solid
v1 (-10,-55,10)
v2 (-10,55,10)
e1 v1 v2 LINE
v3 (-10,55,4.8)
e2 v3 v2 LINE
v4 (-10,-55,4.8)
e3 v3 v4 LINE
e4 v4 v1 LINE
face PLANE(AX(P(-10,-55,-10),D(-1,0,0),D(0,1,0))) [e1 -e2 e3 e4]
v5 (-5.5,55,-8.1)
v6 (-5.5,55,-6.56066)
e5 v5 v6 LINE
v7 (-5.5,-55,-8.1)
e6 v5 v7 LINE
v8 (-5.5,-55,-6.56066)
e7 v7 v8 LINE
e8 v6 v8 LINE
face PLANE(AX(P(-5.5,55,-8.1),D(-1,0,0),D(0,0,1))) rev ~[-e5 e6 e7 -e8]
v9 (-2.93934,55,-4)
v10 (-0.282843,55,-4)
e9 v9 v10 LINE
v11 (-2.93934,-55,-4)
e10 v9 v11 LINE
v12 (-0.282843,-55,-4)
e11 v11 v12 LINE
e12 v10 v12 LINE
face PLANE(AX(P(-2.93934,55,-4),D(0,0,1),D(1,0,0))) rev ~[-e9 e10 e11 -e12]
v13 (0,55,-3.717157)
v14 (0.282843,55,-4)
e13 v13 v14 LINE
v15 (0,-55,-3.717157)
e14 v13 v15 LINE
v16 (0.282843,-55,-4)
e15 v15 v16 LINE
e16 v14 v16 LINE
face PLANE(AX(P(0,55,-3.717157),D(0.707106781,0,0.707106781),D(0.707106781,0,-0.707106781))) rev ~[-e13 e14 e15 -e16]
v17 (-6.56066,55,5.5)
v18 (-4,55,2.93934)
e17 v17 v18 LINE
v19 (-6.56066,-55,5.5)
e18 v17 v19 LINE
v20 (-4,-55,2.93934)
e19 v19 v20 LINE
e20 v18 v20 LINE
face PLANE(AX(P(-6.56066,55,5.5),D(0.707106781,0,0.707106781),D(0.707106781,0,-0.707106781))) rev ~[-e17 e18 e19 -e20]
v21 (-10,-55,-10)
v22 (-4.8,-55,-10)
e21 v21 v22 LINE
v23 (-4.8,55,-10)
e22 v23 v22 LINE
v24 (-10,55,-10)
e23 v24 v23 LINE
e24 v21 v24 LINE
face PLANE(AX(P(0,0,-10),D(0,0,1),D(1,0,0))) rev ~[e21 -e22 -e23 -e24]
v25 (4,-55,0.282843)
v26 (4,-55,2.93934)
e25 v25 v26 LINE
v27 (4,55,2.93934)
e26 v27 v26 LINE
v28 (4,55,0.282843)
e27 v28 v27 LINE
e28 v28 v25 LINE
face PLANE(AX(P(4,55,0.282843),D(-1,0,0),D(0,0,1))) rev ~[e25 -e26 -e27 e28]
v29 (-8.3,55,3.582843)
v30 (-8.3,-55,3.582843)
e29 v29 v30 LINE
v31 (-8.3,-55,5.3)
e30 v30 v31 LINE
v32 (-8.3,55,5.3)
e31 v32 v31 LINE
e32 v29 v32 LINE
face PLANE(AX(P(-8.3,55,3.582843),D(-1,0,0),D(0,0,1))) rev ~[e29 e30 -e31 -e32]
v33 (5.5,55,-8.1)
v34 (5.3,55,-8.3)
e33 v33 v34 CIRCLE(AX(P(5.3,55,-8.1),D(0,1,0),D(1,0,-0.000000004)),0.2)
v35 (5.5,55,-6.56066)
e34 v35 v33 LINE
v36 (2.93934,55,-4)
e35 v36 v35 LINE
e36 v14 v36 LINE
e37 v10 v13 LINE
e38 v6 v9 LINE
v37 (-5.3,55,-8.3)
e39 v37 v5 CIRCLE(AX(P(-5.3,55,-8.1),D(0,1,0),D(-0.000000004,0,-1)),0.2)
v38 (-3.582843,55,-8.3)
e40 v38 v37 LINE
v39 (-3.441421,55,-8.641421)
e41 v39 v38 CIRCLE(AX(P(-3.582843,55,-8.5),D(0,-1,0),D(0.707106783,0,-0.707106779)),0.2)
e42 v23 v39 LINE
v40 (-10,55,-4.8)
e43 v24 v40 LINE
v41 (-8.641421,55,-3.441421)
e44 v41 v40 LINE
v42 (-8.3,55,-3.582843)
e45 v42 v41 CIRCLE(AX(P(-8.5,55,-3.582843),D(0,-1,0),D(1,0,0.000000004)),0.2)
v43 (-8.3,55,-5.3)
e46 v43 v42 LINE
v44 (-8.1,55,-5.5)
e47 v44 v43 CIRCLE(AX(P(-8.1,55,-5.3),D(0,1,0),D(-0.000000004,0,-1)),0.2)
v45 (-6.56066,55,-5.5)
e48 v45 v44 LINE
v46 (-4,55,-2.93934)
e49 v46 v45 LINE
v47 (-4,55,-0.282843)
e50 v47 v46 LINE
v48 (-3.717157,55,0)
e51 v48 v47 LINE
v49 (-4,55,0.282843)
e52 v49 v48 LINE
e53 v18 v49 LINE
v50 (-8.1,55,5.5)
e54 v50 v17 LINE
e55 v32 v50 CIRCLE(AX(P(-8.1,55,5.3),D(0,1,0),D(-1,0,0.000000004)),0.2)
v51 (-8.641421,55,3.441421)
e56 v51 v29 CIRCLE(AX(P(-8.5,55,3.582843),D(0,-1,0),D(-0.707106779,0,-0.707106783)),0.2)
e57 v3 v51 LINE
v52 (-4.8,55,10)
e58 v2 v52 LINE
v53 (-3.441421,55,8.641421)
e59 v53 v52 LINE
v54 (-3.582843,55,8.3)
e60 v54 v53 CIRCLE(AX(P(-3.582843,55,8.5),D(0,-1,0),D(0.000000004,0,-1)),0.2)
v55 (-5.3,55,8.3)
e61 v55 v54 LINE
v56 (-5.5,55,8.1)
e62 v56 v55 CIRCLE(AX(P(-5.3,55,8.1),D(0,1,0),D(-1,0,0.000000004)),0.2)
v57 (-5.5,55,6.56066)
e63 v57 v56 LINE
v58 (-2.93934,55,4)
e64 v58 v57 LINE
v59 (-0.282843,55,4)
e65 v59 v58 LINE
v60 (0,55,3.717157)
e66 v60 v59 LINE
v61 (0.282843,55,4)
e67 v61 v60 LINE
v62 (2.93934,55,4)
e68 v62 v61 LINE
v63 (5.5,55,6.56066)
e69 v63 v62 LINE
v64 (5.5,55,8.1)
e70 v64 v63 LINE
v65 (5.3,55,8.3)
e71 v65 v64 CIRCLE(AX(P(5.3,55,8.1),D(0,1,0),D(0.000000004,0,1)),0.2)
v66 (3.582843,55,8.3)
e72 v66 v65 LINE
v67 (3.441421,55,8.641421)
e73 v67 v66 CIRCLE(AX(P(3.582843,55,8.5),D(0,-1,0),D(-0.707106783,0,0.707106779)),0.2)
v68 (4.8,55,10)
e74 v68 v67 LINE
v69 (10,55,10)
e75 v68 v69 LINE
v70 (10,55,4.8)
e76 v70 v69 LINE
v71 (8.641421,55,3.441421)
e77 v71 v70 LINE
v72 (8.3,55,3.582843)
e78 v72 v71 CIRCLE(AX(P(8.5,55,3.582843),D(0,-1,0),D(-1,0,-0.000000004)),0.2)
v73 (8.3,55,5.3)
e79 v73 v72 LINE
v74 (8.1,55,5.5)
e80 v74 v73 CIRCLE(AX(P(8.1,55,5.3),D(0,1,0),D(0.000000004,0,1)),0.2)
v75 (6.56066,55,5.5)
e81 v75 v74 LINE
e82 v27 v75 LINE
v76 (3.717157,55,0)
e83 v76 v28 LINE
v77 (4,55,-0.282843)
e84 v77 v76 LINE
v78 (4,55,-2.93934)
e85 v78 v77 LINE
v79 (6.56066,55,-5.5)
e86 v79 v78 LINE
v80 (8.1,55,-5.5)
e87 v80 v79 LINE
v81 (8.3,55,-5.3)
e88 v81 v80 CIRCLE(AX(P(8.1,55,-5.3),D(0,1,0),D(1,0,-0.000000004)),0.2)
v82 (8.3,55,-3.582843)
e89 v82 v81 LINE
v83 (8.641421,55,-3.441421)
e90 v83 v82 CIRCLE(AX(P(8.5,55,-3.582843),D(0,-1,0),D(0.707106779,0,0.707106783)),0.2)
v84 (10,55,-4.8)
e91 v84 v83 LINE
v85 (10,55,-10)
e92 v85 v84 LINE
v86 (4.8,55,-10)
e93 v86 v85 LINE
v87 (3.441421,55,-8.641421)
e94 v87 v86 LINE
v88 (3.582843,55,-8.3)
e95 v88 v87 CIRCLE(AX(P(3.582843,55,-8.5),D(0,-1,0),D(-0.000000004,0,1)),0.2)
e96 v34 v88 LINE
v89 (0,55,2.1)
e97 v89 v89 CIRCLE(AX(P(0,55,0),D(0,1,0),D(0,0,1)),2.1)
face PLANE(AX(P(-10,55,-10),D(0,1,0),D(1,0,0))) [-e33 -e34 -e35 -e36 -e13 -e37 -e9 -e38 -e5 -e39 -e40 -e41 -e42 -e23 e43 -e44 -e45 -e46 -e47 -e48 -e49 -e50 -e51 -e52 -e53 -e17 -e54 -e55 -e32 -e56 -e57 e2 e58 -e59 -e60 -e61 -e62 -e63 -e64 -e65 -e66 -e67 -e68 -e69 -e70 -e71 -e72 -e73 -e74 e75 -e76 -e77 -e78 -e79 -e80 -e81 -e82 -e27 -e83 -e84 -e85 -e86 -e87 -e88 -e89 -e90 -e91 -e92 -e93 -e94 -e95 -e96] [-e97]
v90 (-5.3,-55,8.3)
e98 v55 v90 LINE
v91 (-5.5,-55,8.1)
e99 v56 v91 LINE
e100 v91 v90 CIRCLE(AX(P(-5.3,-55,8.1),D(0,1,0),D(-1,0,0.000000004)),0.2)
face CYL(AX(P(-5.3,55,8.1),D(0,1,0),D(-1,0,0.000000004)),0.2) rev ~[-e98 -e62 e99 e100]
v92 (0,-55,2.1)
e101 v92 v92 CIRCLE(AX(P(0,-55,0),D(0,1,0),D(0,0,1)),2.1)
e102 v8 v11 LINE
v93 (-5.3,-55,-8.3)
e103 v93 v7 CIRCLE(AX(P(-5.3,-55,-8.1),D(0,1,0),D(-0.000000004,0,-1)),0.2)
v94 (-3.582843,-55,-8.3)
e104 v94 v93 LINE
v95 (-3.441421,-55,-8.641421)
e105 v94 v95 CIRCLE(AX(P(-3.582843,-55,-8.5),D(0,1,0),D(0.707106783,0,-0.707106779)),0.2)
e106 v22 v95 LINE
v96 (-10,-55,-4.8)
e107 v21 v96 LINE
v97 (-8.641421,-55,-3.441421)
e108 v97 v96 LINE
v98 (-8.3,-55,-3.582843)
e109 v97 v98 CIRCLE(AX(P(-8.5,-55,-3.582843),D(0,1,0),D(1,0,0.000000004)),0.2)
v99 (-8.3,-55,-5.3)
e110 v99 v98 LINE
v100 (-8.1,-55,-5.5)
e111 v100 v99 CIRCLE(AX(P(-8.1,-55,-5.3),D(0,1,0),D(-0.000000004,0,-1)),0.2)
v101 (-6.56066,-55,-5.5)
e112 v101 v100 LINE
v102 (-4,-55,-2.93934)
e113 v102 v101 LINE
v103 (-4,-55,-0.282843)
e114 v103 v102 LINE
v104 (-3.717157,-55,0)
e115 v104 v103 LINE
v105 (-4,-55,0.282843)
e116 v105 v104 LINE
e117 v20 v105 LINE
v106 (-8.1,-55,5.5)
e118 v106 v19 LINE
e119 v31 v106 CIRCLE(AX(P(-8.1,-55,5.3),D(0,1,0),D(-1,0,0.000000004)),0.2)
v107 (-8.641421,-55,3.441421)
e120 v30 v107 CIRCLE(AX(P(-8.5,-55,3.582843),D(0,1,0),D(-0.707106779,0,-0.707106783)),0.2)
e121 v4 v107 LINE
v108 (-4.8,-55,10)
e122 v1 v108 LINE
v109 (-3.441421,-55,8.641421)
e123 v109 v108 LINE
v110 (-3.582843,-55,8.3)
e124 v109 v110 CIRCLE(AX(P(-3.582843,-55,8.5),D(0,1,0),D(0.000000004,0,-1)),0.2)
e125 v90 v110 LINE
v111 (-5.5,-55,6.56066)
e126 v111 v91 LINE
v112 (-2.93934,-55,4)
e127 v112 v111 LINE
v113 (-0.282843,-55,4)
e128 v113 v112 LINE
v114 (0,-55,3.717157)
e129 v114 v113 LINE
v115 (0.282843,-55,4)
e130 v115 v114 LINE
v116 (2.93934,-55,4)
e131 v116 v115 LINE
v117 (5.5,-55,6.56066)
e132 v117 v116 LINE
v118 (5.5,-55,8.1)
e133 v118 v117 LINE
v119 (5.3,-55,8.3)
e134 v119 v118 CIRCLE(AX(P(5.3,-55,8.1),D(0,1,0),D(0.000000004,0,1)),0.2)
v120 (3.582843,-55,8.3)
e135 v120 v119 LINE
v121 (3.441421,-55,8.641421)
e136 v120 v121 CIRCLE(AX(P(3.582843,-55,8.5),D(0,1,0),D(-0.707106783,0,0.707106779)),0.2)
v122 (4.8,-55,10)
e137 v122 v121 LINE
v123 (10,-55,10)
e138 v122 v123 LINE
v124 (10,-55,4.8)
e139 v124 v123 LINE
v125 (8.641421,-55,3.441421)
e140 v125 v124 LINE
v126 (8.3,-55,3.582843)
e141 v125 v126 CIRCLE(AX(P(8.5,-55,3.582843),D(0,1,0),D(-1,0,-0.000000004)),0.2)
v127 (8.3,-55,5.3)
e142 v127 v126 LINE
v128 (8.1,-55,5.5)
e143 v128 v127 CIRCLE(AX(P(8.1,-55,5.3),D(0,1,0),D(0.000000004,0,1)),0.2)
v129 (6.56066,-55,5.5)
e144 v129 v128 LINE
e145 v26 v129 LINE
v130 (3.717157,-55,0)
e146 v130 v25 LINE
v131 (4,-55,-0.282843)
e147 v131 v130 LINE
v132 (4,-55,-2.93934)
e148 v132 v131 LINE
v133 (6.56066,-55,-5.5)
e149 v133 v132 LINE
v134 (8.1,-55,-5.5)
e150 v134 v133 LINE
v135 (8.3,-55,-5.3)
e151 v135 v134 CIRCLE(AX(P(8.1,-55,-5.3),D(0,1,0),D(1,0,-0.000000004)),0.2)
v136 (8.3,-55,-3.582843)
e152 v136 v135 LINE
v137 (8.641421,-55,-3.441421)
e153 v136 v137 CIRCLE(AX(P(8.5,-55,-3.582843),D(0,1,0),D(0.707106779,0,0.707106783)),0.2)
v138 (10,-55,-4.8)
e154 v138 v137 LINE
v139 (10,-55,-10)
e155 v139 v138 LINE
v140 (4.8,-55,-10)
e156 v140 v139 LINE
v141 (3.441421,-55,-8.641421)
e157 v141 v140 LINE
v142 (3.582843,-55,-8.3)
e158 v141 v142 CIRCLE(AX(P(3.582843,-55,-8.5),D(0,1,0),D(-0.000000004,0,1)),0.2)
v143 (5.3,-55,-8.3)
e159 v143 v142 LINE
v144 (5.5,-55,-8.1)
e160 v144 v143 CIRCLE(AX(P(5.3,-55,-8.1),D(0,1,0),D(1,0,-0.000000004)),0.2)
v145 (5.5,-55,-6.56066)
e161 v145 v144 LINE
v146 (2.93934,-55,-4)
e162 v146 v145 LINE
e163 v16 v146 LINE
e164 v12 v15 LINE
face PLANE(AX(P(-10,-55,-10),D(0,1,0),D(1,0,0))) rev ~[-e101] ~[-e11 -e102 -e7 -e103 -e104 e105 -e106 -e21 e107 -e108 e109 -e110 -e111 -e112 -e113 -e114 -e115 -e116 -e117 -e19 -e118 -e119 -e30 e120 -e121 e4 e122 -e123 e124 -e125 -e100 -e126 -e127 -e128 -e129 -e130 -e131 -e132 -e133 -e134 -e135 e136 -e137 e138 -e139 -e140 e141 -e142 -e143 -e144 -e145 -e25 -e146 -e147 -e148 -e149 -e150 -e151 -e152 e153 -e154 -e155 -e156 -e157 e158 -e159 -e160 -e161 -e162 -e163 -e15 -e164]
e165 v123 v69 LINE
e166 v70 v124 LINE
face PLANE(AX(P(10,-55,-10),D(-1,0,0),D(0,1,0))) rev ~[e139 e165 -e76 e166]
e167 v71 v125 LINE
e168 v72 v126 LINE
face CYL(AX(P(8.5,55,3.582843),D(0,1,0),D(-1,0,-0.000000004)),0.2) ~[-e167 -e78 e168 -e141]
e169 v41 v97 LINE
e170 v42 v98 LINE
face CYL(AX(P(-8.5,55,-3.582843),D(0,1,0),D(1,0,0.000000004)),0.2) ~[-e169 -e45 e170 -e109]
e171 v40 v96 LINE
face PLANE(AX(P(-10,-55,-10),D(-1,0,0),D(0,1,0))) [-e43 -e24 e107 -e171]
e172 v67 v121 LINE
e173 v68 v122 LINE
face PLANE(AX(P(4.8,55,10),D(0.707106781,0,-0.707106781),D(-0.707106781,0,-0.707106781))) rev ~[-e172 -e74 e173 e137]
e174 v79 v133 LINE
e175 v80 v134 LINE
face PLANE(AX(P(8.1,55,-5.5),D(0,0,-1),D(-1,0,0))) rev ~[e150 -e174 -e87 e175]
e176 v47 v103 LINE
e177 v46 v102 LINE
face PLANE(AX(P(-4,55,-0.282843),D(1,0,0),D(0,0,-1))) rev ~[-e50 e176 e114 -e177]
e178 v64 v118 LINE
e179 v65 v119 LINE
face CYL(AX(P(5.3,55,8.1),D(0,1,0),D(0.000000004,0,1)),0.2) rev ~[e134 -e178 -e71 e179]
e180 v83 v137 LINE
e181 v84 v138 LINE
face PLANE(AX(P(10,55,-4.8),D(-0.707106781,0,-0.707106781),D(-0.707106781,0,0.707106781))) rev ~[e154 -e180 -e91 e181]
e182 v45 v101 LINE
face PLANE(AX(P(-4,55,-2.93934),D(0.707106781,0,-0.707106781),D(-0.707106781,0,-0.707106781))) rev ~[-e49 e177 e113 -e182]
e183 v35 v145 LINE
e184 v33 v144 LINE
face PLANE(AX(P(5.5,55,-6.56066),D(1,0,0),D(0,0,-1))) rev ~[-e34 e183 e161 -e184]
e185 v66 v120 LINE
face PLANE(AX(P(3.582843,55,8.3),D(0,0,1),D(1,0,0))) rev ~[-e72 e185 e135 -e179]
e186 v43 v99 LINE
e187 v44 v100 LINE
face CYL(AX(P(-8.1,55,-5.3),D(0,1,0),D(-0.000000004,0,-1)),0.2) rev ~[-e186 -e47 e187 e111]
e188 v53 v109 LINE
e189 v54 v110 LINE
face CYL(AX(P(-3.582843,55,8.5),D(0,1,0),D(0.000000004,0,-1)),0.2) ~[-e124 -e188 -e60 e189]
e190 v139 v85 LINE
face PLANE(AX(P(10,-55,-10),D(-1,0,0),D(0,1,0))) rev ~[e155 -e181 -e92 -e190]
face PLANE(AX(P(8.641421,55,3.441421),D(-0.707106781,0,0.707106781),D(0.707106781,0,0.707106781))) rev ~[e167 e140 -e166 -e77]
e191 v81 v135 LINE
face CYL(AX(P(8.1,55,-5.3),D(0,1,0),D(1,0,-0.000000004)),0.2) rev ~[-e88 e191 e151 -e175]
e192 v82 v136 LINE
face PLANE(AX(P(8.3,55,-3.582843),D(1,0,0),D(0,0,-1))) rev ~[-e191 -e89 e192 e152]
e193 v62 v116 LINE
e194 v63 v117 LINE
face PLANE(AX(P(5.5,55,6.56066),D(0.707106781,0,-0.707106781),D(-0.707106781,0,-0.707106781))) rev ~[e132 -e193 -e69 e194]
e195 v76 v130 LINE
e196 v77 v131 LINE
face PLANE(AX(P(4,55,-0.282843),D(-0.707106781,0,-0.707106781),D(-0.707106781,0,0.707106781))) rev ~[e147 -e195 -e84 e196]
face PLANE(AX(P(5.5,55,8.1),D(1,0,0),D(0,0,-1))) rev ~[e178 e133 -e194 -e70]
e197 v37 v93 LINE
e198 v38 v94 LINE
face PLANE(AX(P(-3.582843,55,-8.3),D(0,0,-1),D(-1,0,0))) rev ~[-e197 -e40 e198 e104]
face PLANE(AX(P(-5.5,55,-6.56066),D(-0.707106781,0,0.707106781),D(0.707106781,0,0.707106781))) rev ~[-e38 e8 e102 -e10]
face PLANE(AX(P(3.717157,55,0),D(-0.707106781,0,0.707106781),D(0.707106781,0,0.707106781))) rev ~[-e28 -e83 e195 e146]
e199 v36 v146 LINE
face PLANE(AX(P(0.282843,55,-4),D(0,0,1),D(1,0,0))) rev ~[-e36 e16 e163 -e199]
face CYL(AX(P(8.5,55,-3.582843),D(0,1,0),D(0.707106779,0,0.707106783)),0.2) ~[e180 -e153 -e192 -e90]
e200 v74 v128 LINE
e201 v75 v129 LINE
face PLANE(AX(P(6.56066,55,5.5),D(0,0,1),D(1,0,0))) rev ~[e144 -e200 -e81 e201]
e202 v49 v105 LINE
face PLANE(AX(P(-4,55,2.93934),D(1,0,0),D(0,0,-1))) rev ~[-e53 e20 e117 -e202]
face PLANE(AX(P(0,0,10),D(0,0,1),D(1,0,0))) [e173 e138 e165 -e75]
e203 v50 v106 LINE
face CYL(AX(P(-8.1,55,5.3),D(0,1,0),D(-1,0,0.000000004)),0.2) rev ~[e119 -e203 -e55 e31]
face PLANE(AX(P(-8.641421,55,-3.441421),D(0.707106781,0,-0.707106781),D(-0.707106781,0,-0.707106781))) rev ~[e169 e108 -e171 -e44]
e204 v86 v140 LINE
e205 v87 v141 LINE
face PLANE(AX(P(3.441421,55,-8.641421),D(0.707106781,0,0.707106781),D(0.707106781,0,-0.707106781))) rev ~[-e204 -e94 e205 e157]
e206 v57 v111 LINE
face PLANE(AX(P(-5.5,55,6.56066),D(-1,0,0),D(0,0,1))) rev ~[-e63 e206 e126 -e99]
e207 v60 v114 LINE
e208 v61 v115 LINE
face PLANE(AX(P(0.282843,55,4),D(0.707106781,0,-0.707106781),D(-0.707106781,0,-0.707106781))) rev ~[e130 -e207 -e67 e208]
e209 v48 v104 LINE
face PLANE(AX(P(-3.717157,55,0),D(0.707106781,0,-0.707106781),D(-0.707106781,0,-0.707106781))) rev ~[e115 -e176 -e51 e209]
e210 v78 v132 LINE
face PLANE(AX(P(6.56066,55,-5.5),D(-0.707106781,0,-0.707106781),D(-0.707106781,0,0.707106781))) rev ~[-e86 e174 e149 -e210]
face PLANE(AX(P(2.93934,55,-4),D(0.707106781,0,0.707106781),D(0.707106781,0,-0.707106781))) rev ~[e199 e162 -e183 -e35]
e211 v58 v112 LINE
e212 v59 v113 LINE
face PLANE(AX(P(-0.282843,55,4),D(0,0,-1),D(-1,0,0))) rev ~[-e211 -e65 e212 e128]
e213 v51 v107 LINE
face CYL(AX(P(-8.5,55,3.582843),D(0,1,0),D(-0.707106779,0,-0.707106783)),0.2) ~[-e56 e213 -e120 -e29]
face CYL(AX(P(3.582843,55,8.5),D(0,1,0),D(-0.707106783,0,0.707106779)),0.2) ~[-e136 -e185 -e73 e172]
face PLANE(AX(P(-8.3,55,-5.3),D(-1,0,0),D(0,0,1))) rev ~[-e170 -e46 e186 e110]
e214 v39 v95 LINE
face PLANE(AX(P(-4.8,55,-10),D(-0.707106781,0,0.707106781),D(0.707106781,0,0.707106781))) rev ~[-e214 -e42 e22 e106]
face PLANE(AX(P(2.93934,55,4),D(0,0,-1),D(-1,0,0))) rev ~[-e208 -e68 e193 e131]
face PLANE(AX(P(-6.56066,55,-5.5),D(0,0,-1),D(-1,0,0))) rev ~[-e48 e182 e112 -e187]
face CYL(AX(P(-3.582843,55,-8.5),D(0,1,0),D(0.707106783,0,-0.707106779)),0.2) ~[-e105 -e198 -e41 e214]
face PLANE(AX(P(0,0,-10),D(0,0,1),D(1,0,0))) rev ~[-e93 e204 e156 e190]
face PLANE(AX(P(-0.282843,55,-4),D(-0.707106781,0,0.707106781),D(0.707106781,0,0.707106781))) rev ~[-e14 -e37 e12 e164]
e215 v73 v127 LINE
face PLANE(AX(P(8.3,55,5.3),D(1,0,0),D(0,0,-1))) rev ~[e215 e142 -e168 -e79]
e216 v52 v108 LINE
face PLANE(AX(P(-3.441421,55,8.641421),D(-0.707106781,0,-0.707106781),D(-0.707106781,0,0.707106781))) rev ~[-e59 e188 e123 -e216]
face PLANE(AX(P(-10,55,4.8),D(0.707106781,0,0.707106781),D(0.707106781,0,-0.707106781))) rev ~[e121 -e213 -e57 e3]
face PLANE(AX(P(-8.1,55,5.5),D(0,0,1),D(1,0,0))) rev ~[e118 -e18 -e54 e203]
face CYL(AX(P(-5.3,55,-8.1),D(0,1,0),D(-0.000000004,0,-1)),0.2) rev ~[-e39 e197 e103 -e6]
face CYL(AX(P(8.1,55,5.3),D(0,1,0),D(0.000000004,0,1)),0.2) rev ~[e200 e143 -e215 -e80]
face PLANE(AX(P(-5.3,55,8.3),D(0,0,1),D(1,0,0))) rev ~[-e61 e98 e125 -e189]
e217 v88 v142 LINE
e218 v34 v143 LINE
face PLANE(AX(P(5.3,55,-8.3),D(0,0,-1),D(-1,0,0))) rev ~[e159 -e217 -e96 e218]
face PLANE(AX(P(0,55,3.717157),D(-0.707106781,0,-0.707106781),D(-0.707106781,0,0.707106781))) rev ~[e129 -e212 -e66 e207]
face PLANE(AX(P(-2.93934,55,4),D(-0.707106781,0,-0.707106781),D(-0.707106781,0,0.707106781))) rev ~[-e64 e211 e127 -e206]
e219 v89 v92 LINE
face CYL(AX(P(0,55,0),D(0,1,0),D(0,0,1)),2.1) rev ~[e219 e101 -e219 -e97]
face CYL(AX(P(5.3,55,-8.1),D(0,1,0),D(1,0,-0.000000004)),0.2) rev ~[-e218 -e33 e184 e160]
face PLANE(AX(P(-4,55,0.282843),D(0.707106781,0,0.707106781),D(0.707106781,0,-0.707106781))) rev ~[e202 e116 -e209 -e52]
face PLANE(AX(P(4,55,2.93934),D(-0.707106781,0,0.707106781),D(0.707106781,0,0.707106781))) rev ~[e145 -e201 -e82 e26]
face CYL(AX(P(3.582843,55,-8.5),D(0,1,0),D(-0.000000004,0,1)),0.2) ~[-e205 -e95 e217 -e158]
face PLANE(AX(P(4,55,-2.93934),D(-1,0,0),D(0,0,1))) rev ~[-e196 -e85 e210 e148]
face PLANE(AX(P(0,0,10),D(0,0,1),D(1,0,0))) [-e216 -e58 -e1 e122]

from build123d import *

# Parameters (mm, degrees)
BOSS_EXTRU_1_DEPTH      = 10
BOSS_EXTRU_1_DEPTH_BACK = 10
ESQUISSE1_W             = 20
ESQUISSE1_H             = 110
ESQUISSE2_R             = 2.1
ENL_V_MAT_EXTRU_1_DEPTH = 111.905365064


with BuildPart() as part:
    # Esquisse1 → Boss.-Extru.1 (new, two sides: drawn at the far end of the back side and taken through both)
    with BuildSketch(Plane.XY.offset(-BOSS_EXTRU_1_DEPTH_BACK)):
        Rectangle(ESQUISSE1_W, ESQUISSE1_H)
    extrude(amount=BOSS_EXTRU_1_DEPTH + BOSS_EXTRU_1_DEPTH_BACK)

    # Esquisse2 → Enlèv. mat.-Extru.1 (cut, through all)
    with BuildSketch(Plane(origin=(0, 55, 0), x_dir=(1, 0, 0), z_dir=(0, 1, 0))):
        with BuildLine():
            Line((-3.441421356, -8.641421356), (-4.8, -10))
            Line((-4.8, -10), (4.8, -10))
            Line((4.8, -10), (3.441421356, -8.641421356))
            ThreePointArc((3.441421356, -8.641421356), (3.398066806, -8.423463314), (3.582842712, -8.3))
            Line((3.582842712, -8.3), (5.3, -8.3))
            ThreePointArc((5.3, -8.3), (5.441421356, -8.241421356), (5.5, -8.1))
            Line((5.5, -8.1), (5.5, -6.560660172))
            Line((5.5, -6.560660172), (2.939339828, -4))
            Line((2.939339828, -4), (0.282842712, -4))
            Line((0.282842712, -4), (0, -3.717157288))
            Line((0, -3.717157288), (-0.282842712, -4))
            Line((-0.282842712, -4), (-2.939339828, -4))
            Line((-2.939339828, -4), (-5.5, -6.560660172))
            Line((-5.5, -6.560660172), (-5.5, -8.1))
            ThreePointArc((-5.5, -8.1), (-5.441421356, -8.241421356), (-5.3, -8.3))
            Line((-5.3, -8.3), (-3.582842712, -8.3))
            ThreePointArc((-3.582842712, -8.3), (-3.398066806, -8.423463314), (-3.441421356, -8.641421356))
        make_face()
        with BuildLine():
            Line((-10, 4.8), (-10, -4.8))
            Line((-10, -4.8), (-8.641421356, -3.441421356))
            ThreePointArc((-8.641421356, -3.441421356), (-8.423463314, -3.398066806), (-8.3, -3.582842712))
            Line((-8.3, -3.582842712), (-8.3, -5.3))
            ThreePointArc((-8.3, -5.3), (-8.241421356, -5.441421356), (-8.1, -5.5))
            Line((-8.1, -5.5), (-6.560660172, -5.5))
            Line((-6.560660172, -5.5), (-4, -2.939339828))
            Line((-4, -2.939339828), (-4, -0.282842712))
            Line((-4, -0.282842712), (-3.717157288, 0))
            Line((-3.717157288, 0), (-4, 0.282842712))
            Line((-4, 0.282842712), (-4, 2.939339828))
            Line((-4, 2.939339828), (-6.560660172, 5.5))
            Line((-6.560660172, 5.5), (-8.1, 5.5))
            ThreePointArc((-8.1, 5.5), (-8.241421356, 5.441421356), (-8.3, 5.3))
            Line((-8.3, 5.3), (-8.3, 3.582842712))
            ThreePointArc((-8.3, 3.582842712), (-8.423463314, 3.398066806), (-8.641421356, 3.441421356))
            Line((-8.641421356, 3.441421356), (-10, 4.8))
        make_face()
        with BuildLine():
            Line((8.641421356, -3.441421356), (10, -4.8))
            Line((10, -4.8), (10, 4.8))
            Line((10, 4.8), (8.641421356, 3.441421356))
            ThreePointArc((8.641421356, 3.441421356), (8.423463314, 3.398066806), (8.3, 3.582842712))
            Line((8.3, 3.582842712), (8.3, 5.3))
            ThreePointArc((8.3, 5.3), (8.241421356, 5.441421356), (8.1, 5.5))
            Line((8.1, 5.5), (6.560660172, 5.5))
            Line((6.560660172, 5.5), (4, 2.939339828))
            Line((4, 2.939339828), (4, 0.282842712))
            Line((4, 0.282842712), (3.717157288, 0))
            Line((3.717157288, 0), (4, -0.282842712))
            Line((4, -0.282842712), (4, -2.939339828))
            Line((4, -2.939339828), (6.560660172, -5.5))
            Line((6.560660172, -5.5), (8.1, -5.5))
            ThreePointArc((8.1, -5.5), (8.241421356, -5.441421356), (8.3, -5.3))
            Line((8.3, -5.3), (8.3, -3.582842712))
            ThreePointArc((8.3, -3.582842712), (8.423463314, -3.398066806), (8.641421356, -3.441421356))
        make_face()
        with BuildLine():
            Line((4.8, 10), (-4.8, 10))
            Line((-4.8, 10), (-3.441421356, 8.641421356))
            ThreePointArc((-3.441421356, 8.641421356), (-3.398066806, 8.423463314), (-3.582842712, 8.3))
            Line((-3.582842712, 8.3), (-5.3, 8.3))
            ThreePointArc((-5.3, 8.3), (-5.441421356, 8.241421356), (-5.5, 8.1))
            Line((-5.5, 8.1), (-5.5, 6.560660172))
            Line((-5.5, 6.560660172), (-2.939339828, 4))
            Line((-2.939339828, 4), (-0.282842712, 4))
            Line((-0.282842712, 4), (0, 3.717157288))
            Line((0, 3.717157288), (0.282842712, 4))
            Line((0.282842712, 4), (2.939339828, 4))
            Line((2.939339828, 4), (5.5, 6.560660172))
            Line((5.5, 6.560660172), (5.5, 8.1))
            ThreePointArc((5.5, 8.1), (5.441421356, 8.241421356), (5.3, 8.3))
            Line((5.3, 8.3), (3.582842712, 8.3))
            ThreePointArc((3.582842712, 8.3), (3.398066806, 8.423463314), (3.441421356, 8.641421356))
            Line((3.441421356, 8.641421356), (4.8, 10))
        make_face()
        Circle(ESQUISSE2_R)
    extrude(amount=-ENL_V_MAT_EXTRU_1_DEPTH, mode=Mode.SUBTRACT)


solid = part.part
